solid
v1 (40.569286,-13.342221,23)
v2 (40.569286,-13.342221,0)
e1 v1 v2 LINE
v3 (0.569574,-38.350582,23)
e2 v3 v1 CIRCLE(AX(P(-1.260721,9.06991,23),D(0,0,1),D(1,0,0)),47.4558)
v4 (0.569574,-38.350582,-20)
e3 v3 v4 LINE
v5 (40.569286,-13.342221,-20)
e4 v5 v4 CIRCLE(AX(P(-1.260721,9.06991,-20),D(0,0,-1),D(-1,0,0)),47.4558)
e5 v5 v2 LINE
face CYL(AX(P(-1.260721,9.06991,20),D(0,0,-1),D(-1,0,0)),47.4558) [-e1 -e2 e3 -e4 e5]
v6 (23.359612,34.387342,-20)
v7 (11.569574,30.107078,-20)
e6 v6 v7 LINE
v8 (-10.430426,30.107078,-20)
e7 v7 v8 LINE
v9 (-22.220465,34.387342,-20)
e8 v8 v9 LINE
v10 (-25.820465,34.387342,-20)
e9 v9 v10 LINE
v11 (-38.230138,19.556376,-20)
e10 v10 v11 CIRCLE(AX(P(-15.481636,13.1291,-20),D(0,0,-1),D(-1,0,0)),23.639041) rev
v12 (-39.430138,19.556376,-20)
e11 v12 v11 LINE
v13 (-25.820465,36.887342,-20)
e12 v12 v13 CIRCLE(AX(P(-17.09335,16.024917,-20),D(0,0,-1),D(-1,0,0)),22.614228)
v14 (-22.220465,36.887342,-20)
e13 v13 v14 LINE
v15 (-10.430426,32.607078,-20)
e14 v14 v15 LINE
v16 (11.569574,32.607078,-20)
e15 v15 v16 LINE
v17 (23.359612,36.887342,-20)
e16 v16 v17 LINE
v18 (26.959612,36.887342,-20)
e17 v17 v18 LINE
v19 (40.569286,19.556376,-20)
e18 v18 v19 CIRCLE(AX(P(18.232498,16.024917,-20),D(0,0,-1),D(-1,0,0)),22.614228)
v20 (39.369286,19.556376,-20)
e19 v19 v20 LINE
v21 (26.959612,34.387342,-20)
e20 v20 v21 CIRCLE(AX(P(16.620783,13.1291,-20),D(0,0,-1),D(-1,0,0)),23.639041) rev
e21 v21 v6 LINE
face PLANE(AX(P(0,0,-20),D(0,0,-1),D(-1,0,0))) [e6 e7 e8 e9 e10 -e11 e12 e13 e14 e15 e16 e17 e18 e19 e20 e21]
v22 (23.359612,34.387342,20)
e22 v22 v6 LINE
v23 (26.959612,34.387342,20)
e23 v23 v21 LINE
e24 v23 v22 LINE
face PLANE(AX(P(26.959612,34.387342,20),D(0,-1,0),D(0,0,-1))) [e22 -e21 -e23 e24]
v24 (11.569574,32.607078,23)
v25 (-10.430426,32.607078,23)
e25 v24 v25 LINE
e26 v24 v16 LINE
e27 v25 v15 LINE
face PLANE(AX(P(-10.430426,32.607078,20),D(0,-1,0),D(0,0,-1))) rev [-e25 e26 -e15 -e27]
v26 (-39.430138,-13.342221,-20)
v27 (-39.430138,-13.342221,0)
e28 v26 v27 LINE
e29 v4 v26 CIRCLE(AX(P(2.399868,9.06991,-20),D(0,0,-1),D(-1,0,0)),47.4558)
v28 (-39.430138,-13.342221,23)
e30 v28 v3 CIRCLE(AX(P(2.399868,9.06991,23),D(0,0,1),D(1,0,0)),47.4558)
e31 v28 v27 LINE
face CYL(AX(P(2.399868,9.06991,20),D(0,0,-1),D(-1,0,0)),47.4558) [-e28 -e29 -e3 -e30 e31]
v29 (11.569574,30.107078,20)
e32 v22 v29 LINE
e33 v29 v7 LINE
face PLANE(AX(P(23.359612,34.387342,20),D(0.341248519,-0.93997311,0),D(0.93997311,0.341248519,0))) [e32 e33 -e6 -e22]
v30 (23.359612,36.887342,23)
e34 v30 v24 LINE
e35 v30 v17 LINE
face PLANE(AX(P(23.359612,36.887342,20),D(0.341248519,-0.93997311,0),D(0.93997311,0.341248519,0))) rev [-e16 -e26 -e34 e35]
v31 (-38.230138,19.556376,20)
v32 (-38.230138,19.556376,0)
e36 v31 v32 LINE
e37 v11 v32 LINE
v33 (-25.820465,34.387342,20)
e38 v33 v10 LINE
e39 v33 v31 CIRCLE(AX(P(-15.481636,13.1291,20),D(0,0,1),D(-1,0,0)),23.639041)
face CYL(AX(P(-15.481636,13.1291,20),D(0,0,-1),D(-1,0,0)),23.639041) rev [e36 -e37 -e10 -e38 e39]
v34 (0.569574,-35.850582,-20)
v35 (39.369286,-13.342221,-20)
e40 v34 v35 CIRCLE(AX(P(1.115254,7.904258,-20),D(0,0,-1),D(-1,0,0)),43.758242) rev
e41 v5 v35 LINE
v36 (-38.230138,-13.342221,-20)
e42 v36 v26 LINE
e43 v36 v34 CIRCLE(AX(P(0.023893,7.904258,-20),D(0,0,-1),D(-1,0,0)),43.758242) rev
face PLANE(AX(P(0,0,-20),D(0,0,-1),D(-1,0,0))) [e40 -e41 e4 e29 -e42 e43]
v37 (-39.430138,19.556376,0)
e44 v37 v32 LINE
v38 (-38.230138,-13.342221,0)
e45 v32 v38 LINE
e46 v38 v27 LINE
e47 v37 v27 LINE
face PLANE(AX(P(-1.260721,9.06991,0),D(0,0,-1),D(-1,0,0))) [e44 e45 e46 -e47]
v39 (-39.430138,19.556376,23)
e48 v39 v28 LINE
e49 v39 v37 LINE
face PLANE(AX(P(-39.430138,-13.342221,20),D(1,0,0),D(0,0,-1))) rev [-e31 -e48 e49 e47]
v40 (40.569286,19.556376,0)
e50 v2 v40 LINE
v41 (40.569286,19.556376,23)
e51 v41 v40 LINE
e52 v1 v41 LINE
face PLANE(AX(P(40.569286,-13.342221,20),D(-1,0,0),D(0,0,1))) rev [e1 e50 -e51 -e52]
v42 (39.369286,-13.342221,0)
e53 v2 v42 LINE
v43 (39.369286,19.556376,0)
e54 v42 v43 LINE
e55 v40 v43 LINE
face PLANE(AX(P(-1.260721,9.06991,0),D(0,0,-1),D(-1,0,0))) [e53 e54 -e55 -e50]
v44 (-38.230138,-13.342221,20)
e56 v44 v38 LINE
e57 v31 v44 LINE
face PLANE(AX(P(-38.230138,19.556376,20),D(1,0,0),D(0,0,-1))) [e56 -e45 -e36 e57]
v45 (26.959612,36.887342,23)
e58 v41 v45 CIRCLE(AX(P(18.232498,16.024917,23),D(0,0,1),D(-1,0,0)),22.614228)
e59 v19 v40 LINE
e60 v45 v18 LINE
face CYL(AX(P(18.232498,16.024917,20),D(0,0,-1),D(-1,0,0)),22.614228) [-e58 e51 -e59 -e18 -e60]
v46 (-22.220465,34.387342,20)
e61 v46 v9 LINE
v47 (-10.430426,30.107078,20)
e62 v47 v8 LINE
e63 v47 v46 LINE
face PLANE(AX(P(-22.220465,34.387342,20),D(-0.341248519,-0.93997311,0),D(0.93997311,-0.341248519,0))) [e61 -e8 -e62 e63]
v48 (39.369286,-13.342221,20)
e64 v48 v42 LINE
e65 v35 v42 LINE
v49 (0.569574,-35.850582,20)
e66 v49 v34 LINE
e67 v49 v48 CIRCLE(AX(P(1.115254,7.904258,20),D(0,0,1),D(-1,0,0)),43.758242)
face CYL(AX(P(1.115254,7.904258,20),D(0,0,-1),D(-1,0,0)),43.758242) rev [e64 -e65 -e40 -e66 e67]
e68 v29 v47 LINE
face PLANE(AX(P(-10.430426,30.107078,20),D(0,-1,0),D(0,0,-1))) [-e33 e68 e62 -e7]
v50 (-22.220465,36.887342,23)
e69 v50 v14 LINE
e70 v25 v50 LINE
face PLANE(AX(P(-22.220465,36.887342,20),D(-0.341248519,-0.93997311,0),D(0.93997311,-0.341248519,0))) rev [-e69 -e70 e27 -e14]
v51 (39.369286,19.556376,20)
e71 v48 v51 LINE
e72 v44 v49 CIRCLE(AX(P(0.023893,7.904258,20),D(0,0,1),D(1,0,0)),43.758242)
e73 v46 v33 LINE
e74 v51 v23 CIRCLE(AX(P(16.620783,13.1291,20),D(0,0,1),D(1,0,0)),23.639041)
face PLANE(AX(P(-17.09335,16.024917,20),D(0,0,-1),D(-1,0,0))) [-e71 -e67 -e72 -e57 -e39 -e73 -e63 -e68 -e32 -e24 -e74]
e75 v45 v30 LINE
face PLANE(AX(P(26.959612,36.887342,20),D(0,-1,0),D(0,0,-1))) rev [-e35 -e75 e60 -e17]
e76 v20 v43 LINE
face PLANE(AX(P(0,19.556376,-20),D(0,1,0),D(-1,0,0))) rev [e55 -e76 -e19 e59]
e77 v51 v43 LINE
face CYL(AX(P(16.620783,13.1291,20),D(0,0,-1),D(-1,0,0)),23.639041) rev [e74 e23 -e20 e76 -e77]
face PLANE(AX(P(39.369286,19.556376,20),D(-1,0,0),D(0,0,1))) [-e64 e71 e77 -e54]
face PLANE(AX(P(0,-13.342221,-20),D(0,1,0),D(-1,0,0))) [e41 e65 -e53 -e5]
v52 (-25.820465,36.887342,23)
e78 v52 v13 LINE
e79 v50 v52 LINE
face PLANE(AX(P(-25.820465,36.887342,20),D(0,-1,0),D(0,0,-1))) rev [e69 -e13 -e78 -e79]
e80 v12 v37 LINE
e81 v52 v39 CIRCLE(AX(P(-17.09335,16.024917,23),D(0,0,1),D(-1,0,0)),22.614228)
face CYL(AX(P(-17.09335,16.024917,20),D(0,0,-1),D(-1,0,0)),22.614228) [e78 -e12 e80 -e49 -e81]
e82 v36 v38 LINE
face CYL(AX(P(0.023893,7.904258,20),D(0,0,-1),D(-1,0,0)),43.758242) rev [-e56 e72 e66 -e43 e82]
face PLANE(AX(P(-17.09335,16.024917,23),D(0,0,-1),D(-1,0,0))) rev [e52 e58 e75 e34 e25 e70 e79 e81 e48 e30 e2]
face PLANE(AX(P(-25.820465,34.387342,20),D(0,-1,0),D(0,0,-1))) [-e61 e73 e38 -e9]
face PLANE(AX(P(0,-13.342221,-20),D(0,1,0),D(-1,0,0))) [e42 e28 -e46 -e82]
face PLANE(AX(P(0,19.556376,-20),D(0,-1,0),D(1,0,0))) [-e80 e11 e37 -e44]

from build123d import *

# Parameters (mm, degrees)
BOSS_EXTRUDE1_DEPTH = 20
BOSS_EXTRUDE2_START = 20
BOSS_EXTRUDE2_DEPTH = 20
BOSS_EXTRUDE3_DEPTH = 3


with BuildPart() as part:
    # Sketch1 → Boss-Extrude1 (new body)
    with BuildSketch(Plane.XY):
        with BuildLine():
            Line((-39.43013831, -13.342220693), (-39.43013831, 19.556376021))
            ThreePointArc((-39.43013831, 19.556376021), (-34.879077983, 29.991705983), (-25.8204651, 36.88734186))
            Line((-25.8204651, 36.88734186), (-22.2204651, 36.88734186))
            Line((-22.2204651, 36.88734186), (-10.430426389, 32.607077664))
            Line((-10.430426389, 32.607077664), (11.569573611, 32.607077664))
            Line((11.569573611, 32.607077664), (23.359612322, 36.88734186))
            Line((23.359612322, 36.88734186), (26.959612322, 36.88734186))
            ThreePointArc((26.959612322, 36.88734186), (36.018225205, 29.991705983), (40.569285532, 19.556376021))
            Line((40.569285532, 19.556376021), (40.569285532, -13.342220693))
            ThreePointArc((40.569285532, -13.342220693), (23.896981794, -31.168666499), (0.569573611, -38.350581945))
            ThreePointArc((0.569573611, -38.350581945), (-22.757834572, -31.168666499), (-39.43013831, -13.342220693))
        make_face()
        with BuildLine():
            Line((-38.23013831, 19.556376021), (-38.23013831, -13.342220693))
            ThreePointArc((-38.23013831, -13.342220693), (-21.933714077, -29.946069187), (0.569573611, -35.850581945))
            ThreePointArc((0.569573611, -35.850581945), (23.072861298, -29.946069187), (39.369285532, -13.342220693))
            Line((39.369285532, -13.342220693), (39.369285532, 19.556376021))
            ThreePointArc((39.369285532, 19.556376021), (34.750379485, 28.298871636), (26.959612322, 34.38734186))
            Line((26.959612322, 34.38734186), (23.359612322, 34.38734186))
            Line((23.359612322, 34.38734186), (11.569573611, 30.107077664))
            Line((11.569573611, 30.107077664), (-10.430426389, 30.107077664))
            Line((-10.430426389, 30.107077664), (-22.2204651, 34.38734186))
            Line((-22.2204651, 34.38734186), (-25.8204651, 34.38734186))
            ThreePointArc((-25.8204651, 34.38734186), (-33.611232263, 28.298871636), (-38.23013831, 19.556376021))
        make_face(mode=Mode.SUBTRACT)
    extrude(amount=BOSS_EXTRUDE1_DEPTH)

    # Sketch2 → Boss-Extrude2 (add)
    with BuildSketch(Plane(origin=(0, 0, 0), x_dir=(-1, 0, 0), z_dir=(0, 0, -1)).offset(BOSS_EXTRUDE2_START)):
        with BuildLine():
            ThreePointArc((-26.959612322, 36.88734186), (-36.018225205, 29.991705983), (-40.569285532, 19.556376021))
            Line((-40.569285532, 19.556376021), (-39.369285532, 19.556376021))
            ThreePointArc((-39.369285532, 19.556376021), (-34.750379485, 28.298871636), (-26.959612322, 34.38734186))
            Line((-26.959612322, 34.38734186), (-23.359612322, 34.38734186))
            Line((-23.359612322, 34.38734186), (-11.569573611, 30.107077664))
            Line((-11.569573611, 30.107077664), (-0.569573611, 30.107077664))
            Line((-0.569573611, 30.107077664), (-0.569573611, 32.607077664))
            Line((-0.569573611, 32.607077664), (-11.569573611, 32.607077664))
            Line((-11.569573611, 32.607077664), (-23.359612322, 36.88734186))
            Line((-23.359612322, 36.88734186), (-26.959612322, 36.88734186))
        make_face()
        with BuildLine():
            Line((10.430426389, 32.607077664), (-0.569573611, 32.607077664))
            Line((-0.569573611, 32.607077664), (-0.569573611, 30.107077664))
            Line((-0.569573611, 30.107077664), (10.430426389, 30.107077664))
            Line((10.430426389, 30.107077664), (22.2204651, 34.38734186))
            Line((22.2204651, 34.38734186), (25.8204651, 34.38734186))
            ThreePointArc((25.8204651, 34.38734186), (33.611232263, 28.298871636), (38.23013831, 19.556376021))
            Line((38.23013831, 19.556376021), (39.43013831, 19.556376021))
            ThreePointArc((39.43013831, 19.556376021), (34.879077983, 29.991705983), (25.8204651, 36.88734186))
            Line((25.8204651, 36.88734186), (22.2204651, 36.88734186))
            Line((22.2204651, 36.88734186), (10.430426389, 32.607077664))
        make_face()
        with BuildLine():
            Line((-0.569573611, -38.350581945), (-0.569573611, -35.850581945))
            ThreePointArc((-0.569573611, -35.850581945), (-23.072861298, -29.946069187), (-39.369285532, -13.342220693))
            Line((-39.369285532, -13.342220693), (-40.569285532, -13.342220693))
            ThreePointArc((-40.569285532, -13.342220693), (-23.896981794, -31.168666499), (-0.569573611, -38.350581945))
        make_face()
        with BuildLine():
            Line((-0.569573611, -38.350581945), (-0.569573611, -35.850581945))
            ThreePointArc((-0.569573611, -35.850581945), (21.933714077, -29.946069187), (38.23013831, -13.342220693))
            Line((38.23013831, -13.342220693), (39.43013831, -13.342220693))
            ThreePointArc((39.43013831, -13.342220693), (22.757834572, -31.168666499), (-0.569573611, -38.350581945))
        make_face()
    extrude(amount=-BOSS_EXTRUDE2_DEPTH)

    # Sketch3 → Boss-Extrude3 (add)
    with BuildSketch(Plane.XY.offset(20)):
        with BuildLine():
            Line((-25.8204651, 36.88734186), (-22.2204651, 36.88734186))
            Line((-22.2204651, 36.88734186), (-10.430426389, 32.607077664))
            Line((-10.430426389, 32.607077664), (11.569573611, 32.607077664))
            Line((11.569573611, 32.607077664), (23.359612322, 36.88734186))
            Line((23.359612322, 36.88734186), (26.959612322, 36.88734186))
            ThreePointArc((26.959612322, 36.88734186), (36.018225205, 29.991705983), (40.569285532, 19.556376021))
            Line((40.569285532, 19.556376021), (40.569285532, -13.342220693))
            ThreePointArc((40.569285532, -13.342220693), (23.896981794, -31.168666499), (0.569573611, -38.350581945))
            ThreePointArc((0.569573611, -38.350581945), (-22.757834572, -31.168666499), (-39.43013831, -13.342220693))
            Line((-39.43013831, -13.342220693), (-39.43013831, 19.556376021))
            ThreePointArc((-39.43013831, 19.556376021), (-34.879077983, 29.991705983), (-25.8204651, 36.88734186))
        make_face()
    extrude(amount=BOSS_EXTRUDE3_DEPTH)


solid = part.part
